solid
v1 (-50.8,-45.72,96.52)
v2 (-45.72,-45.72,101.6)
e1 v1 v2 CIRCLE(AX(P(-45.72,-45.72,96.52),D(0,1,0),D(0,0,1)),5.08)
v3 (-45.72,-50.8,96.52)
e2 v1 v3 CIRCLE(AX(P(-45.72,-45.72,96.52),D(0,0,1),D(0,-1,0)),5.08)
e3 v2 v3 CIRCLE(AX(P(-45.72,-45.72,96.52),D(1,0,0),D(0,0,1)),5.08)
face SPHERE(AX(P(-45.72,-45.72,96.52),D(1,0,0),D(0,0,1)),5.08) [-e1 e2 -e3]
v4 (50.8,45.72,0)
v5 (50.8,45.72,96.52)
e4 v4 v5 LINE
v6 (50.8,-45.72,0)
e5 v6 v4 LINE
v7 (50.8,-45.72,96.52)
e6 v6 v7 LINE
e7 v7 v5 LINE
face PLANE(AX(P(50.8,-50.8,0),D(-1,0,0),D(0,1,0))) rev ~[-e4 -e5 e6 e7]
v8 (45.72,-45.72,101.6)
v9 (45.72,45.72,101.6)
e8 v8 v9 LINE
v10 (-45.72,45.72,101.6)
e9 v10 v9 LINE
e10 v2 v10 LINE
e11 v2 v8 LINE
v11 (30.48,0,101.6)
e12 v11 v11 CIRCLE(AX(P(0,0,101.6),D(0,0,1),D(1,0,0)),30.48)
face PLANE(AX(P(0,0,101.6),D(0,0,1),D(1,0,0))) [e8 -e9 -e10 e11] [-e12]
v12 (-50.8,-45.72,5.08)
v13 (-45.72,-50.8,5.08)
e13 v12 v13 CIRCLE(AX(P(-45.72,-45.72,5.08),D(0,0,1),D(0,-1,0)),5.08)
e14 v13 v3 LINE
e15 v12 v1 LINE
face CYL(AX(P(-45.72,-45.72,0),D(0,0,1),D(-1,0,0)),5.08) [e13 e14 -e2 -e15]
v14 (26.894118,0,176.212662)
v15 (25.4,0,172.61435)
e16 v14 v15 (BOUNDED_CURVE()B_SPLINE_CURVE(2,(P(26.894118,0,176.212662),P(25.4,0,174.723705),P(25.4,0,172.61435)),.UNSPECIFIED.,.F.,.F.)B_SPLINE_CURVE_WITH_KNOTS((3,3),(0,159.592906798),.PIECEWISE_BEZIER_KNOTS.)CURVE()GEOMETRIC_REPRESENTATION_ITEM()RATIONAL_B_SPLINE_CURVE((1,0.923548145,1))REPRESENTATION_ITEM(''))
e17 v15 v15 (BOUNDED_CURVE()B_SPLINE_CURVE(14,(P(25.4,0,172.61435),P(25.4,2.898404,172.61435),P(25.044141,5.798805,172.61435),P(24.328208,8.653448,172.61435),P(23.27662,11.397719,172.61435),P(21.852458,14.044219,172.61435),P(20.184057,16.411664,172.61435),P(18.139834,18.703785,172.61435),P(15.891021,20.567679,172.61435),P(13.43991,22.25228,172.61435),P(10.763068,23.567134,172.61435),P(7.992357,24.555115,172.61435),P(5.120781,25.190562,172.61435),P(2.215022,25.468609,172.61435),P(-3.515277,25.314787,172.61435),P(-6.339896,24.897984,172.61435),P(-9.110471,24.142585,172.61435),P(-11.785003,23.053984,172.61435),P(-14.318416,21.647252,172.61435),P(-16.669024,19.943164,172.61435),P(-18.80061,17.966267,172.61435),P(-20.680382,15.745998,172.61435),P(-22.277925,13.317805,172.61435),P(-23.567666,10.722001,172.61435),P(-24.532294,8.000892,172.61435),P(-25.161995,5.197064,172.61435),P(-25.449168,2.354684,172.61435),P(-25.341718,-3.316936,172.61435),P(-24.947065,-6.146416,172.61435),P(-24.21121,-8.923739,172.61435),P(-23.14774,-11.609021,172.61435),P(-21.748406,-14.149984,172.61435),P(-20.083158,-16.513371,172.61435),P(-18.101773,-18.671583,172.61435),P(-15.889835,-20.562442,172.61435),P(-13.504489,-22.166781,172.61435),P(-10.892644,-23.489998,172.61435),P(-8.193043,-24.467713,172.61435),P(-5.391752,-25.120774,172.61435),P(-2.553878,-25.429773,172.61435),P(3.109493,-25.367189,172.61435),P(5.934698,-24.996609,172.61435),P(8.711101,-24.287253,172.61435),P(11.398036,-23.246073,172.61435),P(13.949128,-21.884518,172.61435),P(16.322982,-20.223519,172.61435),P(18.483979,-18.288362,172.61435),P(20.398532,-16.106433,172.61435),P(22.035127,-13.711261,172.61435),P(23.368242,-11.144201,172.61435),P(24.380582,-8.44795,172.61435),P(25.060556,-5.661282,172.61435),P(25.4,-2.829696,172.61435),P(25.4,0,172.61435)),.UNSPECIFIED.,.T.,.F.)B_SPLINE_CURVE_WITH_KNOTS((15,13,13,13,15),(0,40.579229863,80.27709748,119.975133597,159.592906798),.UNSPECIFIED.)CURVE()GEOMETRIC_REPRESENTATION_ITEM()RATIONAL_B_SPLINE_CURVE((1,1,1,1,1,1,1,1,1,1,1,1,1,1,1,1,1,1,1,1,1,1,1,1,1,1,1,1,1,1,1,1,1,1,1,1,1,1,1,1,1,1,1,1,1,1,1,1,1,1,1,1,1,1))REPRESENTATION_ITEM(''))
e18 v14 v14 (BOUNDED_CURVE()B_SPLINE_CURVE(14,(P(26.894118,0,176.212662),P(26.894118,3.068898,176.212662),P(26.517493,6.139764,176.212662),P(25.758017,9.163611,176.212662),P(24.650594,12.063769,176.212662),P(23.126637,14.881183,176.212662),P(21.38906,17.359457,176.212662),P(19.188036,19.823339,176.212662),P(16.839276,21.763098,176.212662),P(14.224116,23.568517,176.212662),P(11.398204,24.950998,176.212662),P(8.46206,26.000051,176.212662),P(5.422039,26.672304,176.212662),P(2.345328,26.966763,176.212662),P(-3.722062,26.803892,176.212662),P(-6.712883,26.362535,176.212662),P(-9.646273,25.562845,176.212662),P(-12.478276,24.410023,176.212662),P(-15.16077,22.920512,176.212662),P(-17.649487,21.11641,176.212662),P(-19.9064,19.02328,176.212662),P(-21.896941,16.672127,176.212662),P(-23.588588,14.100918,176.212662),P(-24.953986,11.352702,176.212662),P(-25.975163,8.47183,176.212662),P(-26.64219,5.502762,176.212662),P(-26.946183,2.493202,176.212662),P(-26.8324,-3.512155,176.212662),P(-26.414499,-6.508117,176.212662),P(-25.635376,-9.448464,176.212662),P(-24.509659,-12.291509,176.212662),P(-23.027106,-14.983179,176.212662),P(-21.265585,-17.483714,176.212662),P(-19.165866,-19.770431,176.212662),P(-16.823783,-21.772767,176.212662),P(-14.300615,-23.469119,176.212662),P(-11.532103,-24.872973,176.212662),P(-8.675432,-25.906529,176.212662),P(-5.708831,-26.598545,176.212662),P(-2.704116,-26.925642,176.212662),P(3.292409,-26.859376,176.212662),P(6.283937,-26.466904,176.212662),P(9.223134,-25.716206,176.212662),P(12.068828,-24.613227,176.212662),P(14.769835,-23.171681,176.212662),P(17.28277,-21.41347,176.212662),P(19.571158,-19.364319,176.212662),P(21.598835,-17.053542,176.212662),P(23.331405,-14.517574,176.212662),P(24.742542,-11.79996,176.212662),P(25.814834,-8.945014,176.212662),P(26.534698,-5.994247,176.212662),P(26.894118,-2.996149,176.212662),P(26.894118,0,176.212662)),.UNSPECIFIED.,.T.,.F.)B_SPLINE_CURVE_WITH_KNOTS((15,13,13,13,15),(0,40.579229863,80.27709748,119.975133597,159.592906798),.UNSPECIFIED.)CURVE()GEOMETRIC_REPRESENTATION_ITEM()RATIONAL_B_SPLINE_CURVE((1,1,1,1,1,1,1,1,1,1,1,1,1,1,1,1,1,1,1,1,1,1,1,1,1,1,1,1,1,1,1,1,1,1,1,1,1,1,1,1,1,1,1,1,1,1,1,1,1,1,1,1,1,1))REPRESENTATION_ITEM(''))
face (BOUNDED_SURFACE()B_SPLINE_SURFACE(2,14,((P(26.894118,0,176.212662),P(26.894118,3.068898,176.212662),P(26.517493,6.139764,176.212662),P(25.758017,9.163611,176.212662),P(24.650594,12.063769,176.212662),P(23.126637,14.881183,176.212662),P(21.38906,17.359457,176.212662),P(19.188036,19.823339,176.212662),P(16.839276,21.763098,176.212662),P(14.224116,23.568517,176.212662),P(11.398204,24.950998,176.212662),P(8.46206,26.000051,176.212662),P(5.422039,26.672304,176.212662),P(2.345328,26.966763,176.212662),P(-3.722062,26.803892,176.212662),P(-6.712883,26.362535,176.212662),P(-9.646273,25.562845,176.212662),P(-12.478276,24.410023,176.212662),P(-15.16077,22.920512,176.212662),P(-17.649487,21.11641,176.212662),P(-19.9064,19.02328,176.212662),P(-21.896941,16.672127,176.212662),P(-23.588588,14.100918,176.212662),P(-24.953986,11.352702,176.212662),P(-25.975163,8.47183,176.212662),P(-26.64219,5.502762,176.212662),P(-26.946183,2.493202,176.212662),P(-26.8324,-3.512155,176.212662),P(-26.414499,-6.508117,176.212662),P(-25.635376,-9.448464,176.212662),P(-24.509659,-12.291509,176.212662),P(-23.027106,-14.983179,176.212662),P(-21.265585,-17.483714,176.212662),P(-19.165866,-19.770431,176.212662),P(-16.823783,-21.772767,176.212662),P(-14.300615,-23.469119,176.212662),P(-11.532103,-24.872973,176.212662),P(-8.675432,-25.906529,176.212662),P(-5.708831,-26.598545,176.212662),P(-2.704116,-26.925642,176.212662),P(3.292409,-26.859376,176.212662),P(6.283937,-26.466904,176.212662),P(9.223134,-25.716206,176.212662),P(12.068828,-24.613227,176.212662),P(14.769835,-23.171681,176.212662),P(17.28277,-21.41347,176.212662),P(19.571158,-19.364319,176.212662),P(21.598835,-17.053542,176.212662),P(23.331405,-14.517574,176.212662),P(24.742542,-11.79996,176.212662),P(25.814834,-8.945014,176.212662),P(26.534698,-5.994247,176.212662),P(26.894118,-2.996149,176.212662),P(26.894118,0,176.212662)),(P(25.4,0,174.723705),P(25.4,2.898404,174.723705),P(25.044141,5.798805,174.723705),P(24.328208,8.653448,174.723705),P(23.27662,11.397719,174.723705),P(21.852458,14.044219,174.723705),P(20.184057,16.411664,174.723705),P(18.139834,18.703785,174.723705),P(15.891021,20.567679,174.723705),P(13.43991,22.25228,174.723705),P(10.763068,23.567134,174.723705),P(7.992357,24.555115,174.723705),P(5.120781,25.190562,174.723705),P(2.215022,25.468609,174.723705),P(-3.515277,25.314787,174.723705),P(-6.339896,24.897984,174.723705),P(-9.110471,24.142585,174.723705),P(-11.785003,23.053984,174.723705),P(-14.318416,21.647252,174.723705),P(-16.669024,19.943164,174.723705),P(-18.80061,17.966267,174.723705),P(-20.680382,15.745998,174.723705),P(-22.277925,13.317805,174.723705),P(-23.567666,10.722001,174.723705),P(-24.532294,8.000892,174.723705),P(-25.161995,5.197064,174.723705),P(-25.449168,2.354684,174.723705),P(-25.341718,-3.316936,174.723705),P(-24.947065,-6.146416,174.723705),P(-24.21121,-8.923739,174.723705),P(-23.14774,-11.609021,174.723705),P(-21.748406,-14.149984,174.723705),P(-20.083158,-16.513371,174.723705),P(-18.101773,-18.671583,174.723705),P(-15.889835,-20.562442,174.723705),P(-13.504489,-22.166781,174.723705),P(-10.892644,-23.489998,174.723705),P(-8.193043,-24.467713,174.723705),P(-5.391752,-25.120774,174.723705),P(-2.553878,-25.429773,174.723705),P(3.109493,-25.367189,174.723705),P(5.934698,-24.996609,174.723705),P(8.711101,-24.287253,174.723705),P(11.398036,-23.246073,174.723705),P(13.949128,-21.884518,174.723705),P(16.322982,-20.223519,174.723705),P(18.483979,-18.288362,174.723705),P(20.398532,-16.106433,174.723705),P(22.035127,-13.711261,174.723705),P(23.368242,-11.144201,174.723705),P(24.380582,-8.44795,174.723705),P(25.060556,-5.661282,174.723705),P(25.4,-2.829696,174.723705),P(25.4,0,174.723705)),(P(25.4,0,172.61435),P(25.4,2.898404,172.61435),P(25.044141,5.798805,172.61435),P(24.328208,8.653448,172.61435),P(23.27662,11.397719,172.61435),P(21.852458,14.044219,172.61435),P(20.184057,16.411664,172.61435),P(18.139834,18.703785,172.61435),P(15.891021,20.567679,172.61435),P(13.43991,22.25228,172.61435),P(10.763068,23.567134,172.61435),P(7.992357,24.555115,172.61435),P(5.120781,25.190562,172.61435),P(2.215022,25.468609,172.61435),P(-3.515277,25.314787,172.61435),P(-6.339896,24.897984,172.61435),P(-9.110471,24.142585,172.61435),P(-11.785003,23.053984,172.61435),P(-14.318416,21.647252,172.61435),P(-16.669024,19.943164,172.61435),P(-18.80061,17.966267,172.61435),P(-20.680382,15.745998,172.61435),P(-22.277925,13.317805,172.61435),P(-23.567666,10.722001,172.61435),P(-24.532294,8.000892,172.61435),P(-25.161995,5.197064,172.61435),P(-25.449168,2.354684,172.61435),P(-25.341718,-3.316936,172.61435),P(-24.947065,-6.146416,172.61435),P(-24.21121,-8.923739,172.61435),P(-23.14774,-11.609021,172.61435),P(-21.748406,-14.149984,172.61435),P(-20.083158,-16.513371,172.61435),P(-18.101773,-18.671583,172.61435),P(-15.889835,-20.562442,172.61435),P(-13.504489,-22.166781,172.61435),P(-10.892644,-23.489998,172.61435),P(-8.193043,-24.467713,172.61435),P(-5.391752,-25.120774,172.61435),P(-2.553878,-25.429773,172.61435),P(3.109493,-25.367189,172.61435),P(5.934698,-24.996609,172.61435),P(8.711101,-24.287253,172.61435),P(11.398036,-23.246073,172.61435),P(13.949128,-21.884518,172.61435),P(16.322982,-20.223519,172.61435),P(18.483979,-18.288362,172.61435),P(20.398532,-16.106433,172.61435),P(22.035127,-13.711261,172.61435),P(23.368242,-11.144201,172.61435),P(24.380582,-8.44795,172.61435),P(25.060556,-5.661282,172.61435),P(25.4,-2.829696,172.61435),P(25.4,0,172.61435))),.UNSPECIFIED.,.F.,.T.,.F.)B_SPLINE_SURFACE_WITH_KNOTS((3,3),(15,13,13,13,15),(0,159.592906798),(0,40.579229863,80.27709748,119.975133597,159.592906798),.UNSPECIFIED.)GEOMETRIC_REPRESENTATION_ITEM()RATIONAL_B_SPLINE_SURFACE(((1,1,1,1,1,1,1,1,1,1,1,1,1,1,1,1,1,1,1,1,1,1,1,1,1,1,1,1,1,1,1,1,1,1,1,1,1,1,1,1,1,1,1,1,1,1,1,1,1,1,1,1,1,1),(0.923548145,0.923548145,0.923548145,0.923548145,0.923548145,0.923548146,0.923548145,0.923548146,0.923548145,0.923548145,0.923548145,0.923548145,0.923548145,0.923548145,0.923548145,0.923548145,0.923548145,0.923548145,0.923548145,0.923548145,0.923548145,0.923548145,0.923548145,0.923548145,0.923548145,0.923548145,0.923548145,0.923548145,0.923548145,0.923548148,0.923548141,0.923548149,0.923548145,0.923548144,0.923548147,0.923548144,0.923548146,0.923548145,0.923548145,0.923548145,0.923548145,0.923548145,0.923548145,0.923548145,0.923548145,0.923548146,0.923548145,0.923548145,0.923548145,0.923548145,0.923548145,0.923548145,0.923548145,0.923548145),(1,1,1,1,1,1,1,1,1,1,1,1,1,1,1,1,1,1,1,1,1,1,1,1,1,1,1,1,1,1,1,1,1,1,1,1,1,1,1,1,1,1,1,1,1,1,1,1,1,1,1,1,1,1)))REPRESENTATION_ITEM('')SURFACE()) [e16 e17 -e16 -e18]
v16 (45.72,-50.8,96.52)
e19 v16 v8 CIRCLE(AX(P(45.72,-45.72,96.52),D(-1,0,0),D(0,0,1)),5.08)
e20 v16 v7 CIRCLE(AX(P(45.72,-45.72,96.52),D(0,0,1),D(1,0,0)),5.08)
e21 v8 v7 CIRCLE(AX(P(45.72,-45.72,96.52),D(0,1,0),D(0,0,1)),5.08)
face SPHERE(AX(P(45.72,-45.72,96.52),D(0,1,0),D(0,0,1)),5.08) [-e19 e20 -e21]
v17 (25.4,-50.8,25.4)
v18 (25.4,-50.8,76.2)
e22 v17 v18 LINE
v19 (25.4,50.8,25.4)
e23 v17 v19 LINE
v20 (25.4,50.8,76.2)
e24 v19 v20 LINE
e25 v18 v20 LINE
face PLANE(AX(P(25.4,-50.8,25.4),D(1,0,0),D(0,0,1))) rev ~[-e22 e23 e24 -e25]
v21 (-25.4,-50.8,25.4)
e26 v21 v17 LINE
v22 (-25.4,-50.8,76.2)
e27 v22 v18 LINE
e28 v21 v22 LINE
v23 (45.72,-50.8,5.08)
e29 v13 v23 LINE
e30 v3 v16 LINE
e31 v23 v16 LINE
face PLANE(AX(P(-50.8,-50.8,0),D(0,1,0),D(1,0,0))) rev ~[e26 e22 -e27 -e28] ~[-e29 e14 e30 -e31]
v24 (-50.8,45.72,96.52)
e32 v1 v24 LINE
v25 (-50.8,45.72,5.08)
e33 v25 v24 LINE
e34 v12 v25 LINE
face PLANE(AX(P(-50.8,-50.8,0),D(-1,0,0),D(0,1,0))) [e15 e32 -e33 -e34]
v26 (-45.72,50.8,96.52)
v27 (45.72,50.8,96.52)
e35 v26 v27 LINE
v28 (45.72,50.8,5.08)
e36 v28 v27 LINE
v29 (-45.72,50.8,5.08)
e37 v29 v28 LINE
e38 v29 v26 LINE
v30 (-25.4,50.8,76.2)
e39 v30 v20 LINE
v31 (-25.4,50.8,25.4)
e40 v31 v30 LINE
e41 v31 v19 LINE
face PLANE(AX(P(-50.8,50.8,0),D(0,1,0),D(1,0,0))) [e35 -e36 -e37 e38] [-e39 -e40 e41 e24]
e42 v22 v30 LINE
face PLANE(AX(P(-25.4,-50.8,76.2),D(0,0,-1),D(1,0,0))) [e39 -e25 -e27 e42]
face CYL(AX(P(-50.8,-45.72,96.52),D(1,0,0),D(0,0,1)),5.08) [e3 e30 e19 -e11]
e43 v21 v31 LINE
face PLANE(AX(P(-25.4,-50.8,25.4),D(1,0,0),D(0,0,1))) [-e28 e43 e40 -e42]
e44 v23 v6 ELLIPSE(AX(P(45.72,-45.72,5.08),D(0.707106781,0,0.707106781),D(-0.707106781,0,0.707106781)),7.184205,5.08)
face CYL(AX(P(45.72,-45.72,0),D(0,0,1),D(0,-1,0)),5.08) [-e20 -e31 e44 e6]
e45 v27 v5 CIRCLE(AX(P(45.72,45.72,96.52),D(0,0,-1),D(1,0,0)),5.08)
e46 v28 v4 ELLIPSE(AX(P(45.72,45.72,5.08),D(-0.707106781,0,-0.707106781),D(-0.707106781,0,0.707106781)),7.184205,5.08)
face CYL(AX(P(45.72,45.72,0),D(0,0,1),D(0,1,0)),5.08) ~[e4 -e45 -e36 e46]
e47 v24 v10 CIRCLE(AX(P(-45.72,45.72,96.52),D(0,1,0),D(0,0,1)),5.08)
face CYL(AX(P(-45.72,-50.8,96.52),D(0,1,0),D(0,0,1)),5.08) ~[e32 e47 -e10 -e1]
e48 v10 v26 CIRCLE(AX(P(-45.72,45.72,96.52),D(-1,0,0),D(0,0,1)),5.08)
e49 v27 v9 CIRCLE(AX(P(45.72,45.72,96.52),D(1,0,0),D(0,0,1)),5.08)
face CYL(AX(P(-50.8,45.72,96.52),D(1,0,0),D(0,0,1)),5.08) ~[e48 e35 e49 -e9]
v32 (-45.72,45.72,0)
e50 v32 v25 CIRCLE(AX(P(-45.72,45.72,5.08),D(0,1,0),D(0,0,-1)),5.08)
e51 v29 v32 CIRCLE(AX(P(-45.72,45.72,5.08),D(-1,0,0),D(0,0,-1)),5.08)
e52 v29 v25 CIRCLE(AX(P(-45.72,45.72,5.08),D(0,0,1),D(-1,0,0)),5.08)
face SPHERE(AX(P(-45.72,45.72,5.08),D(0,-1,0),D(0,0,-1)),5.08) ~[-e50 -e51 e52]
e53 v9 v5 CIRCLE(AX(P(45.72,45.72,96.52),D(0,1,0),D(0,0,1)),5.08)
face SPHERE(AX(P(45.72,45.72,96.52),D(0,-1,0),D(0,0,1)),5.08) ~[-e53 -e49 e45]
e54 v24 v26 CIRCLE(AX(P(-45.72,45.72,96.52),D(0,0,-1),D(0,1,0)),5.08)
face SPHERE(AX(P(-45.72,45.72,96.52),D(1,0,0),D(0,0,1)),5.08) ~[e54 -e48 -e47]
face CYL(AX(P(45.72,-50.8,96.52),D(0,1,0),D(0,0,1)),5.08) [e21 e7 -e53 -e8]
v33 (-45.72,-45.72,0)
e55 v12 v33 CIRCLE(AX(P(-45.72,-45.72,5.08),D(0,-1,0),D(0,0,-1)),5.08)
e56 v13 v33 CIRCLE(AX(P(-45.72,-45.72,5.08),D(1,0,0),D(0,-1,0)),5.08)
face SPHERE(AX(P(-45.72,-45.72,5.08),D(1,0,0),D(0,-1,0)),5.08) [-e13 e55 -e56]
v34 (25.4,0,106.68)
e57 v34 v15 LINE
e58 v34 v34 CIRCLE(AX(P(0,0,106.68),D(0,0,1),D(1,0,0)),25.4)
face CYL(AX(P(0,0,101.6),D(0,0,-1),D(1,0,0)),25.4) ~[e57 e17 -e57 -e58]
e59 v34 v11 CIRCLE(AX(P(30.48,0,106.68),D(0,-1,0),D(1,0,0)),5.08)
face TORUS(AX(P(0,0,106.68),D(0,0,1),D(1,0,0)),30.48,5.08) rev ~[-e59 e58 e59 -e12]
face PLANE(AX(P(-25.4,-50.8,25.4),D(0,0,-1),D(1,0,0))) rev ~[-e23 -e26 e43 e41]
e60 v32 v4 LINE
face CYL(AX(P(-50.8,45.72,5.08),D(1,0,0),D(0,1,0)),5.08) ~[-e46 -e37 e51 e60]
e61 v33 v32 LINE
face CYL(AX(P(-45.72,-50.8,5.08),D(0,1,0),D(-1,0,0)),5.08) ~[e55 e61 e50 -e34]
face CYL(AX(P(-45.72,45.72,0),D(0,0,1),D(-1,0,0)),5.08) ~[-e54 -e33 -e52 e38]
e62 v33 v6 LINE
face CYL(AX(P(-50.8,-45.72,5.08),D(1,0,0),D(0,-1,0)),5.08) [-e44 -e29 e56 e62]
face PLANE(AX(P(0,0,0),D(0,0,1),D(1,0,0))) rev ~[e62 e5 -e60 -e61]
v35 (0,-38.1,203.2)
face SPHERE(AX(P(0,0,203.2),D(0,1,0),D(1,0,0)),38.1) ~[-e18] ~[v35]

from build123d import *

# Parameters (mm, degrees)
F0_W     = 101.6
F0_H     = 101.6
F1_DEPTH = 101.6
F2_R     = 25.4
F3_DEPTH = 101.6
F6_W     = 50.8
F6_H     = 50.8
F7_DEPTH = 101.6
F8_R     = 5.08


with BuildPart() as f1:
    # F0 (on Top) → F1 (new body)
    with BuildSketch(Plane.XY):
        Rectangle(F0_W, F0_H)
    extrude(amount=F1_DEPTH)

    # F2 (on face) → F3 (join)
    with BuildSketch(Plane.XY.offset(101.6)):
        Circle(F2_R)
    extrude(amount=F3_DEPTH)

    # F4 (on face) → F5 (revolve)
    with BuildSketch(Plane.XY.offset(203.2)):
        with BuildLine():
            Line((0, -25.4), (0, -38.1))
            ThreePointArc((0, -38.1), (38.1, 0), (0, 38.1))
            Line((0, 38.1), (0, 25.4))
            ThreePointArc((0, 25.4), (17.9605122421, 17.9605122421), (25.4, 0))
            ThreePointArc((25.4, 0), (17.9605122421, -17.9605122421), (0, -25.4))
        make_face()
        with BuildLine():
            Line((0, 25.4), (0, -25.4))
            ThreePointArc((0, -25.4), (17.9605122421, -17.9605122421), (25.4, 0))
            ThreePointArc((25.4, 0), (17.9605122421, 17.9605122421), (0, 25.4))
        make_face()
    revolve(axis=Axis((0, 0, 203.2), (0, -1, 0)))

    # F6 (on face) → F7 (cut)
    with BuildSketch(Plane.XZ.offset(50.8)):
        with Locations((0, 50.8)):
            Rectangle(F6_W, F6_H)
    extrude(amount=-F7_DEPTH, mode=Mode.SUBTRACT)

    # F8
    f8_edges = [f1.edges().sort_by_distance(p)[0] for p in [
        (50.8, 0, 101.6),
        (0, 50.8, 101.6),
        (0, -50.8, 101.6),
        (-50.8, 0, 101.6),
        (50.8, -50.8, 50.8),
        (50.8, 50.8, 50.8),
        (0, -50.8, 0),
        (-50.8, -50.8, 50.8),
        (-50.8, 0, 0),
        (0, 50.8, 0),
        (-50.8, 50.8, 50.8),
        (-25.4, 0, 101.6),
        (-25.4, 0, 174.801937),
    ]]
    fillet(f8_edges, radius=F8_R)


solid = f1.part
